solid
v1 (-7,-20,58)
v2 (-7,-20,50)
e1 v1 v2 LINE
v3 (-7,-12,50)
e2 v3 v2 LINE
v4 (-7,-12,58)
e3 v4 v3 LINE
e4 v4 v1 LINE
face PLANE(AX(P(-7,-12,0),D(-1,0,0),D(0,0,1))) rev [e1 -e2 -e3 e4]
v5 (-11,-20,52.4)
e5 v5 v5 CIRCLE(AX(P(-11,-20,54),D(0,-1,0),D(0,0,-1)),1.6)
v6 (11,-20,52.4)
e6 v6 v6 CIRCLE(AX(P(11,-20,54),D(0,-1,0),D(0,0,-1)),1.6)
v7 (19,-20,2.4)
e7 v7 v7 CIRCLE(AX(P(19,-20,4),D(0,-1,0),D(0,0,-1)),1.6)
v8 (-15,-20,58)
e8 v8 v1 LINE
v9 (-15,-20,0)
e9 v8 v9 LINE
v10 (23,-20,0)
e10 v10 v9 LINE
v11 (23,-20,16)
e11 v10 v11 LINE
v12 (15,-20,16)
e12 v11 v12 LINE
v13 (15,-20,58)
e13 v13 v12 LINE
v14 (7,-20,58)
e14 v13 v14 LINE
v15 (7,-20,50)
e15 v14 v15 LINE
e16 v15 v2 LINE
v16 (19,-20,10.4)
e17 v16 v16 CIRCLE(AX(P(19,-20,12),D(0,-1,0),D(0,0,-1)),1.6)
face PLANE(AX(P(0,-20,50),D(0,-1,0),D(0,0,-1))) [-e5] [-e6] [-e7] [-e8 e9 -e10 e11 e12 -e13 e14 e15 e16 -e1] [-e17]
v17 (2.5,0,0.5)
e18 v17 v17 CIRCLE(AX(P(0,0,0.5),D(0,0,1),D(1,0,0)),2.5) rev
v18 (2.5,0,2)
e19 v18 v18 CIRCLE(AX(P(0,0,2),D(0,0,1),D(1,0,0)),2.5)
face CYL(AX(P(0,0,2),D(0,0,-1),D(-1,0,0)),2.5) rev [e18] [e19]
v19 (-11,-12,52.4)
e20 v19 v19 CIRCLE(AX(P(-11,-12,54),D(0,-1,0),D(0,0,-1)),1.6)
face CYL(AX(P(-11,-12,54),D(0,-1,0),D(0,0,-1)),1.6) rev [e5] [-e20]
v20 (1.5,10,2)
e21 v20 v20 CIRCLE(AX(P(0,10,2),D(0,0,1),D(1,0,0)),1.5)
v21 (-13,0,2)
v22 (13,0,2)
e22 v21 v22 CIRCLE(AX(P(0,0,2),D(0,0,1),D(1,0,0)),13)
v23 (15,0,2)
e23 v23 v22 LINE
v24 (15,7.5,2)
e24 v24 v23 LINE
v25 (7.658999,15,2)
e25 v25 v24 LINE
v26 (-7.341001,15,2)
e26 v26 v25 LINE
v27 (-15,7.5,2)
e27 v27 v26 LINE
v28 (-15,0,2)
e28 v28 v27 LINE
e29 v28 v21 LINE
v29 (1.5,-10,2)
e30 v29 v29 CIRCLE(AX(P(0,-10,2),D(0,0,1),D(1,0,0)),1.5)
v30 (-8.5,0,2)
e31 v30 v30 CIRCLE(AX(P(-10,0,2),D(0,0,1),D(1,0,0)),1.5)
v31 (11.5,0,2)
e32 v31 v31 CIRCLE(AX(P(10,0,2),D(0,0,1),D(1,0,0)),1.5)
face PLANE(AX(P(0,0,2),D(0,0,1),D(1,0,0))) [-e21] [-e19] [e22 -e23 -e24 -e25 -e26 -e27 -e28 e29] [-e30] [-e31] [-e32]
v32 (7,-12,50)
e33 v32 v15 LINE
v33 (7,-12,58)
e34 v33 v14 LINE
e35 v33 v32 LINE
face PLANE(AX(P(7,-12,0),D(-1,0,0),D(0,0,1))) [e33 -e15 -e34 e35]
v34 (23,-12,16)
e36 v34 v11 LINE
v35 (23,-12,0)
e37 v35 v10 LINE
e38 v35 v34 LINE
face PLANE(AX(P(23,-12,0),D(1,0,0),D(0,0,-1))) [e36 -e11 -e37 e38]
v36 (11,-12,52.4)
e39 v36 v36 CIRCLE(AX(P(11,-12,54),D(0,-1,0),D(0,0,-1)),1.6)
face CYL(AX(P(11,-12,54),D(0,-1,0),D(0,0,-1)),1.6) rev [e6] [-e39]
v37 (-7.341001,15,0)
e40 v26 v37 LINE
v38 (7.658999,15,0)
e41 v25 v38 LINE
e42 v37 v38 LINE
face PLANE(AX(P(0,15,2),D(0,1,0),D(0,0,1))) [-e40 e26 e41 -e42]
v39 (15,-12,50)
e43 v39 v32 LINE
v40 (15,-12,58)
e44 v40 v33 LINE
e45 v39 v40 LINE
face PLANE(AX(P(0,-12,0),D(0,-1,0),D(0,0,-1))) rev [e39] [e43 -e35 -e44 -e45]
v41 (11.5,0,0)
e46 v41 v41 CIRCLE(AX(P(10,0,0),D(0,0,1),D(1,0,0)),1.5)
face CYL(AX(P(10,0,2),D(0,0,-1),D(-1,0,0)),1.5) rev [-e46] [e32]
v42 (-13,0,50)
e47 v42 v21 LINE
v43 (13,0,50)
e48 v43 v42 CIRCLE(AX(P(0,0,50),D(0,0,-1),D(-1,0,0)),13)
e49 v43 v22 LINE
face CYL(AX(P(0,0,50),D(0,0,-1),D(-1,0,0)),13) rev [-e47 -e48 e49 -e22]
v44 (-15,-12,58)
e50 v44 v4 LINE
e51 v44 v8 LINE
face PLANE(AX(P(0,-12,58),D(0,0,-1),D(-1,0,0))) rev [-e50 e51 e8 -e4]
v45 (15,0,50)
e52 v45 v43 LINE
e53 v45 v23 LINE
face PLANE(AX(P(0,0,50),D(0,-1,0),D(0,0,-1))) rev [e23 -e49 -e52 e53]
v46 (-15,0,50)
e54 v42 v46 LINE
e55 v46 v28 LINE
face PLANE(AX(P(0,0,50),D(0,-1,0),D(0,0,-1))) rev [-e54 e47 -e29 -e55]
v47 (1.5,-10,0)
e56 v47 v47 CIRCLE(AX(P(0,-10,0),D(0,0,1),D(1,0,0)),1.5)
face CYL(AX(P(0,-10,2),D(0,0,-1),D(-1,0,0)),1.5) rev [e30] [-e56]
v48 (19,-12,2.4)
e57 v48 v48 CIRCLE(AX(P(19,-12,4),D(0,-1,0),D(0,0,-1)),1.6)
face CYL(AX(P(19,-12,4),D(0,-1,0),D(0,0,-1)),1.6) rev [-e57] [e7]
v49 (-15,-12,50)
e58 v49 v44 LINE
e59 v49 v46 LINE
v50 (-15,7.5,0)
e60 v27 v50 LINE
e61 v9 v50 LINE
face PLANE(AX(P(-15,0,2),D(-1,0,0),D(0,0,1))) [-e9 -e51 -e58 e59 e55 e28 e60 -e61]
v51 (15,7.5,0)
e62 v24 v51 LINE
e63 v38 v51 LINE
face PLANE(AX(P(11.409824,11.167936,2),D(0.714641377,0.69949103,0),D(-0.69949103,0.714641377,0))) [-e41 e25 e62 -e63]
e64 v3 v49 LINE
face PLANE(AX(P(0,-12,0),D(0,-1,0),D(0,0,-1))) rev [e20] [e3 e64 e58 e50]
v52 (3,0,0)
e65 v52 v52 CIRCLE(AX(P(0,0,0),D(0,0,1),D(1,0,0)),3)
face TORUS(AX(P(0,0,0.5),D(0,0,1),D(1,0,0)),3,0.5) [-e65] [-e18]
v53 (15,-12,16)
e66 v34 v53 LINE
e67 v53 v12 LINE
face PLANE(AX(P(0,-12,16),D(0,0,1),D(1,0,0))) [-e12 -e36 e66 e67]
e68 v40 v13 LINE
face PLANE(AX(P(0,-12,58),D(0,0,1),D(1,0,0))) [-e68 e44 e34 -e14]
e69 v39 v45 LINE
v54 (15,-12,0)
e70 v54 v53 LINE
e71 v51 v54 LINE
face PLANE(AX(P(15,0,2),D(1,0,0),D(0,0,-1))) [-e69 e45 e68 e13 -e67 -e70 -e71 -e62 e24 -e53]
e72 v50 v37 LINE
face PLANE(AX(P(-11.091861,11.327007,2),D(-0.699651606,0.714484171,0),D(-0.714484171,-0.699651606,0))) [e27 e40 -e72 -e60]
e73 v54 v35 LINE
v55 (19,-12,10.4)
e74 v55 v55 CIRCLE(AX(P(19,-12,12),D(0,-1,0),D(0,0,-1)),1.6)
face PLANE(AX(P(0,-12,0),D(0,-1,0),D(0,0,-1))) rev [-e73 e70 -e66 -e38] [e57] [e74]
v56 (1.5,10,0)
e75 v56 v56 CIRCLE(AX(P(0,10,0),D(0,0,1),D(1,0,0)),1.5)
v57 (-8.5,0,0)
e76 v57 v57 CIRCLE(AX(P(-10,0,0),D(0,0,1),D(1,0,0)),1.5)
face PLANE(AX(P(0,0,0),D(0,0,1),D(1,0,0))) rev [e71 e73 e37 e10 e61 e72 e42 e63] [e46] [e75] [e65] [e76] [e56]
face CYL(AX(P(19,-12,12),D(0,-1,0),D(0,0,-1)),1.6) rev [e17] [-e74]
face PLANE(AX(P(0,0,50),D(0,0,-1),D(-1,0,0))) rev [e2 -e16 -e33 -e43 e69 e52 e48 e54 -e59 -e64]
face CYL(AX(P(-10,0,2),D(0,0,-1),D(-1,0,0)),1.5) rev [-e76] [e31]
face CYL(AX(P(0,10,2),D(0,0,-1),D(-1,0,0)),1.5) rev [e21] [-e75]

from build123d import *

# Parameters (mm, degrees)
ESQUISSE1_R        = 1.5
ESQUISSE1_R_2      = 2.5
BOSS_EXTRU_1_DEPTH = 2
BOSS_EXTRU_2_DEPTH = 50
CONG_1_R           = 0.5
ESQUISSE3_W        = 8
ESQUISSE3_H        = 8
ESQUISSE3_R        = 1.6
BOSS_EXTRU_4_DEPTH = 8


with BuildPart() as part:
    # Esquisse1 → Boss.-Extru.1 (new body)
    with BuildSketch(Plane.XY):
        with BuildLine():
            Line((-7.341000528, 15), (-15, 7.5))
            Line((-15, 7.5), (-15, 0))
            Line((-15, 0), (-13, 0))
            ThreePointArc((-13, 0), (0, -13), (13, 0))
            Line((13, 0), (15, 0))
            Line((15, 0), (15, 7.5))
            Line((15, 7.5), (7.658999472, 15))
            Line((7.658999472, 15), (-7.341000528, 15))
        make_face()
        with Locations((0, 10)):
            Circle(ESQUISSE1_R, mode=Mode.SUBTRACT)
        with Locations((-10, 0)):
            Circle(ESQUISSE1_R, mode=Mode.SUBTRACT)
        with Locations((0, -10)):
            Circle(ESQUISSE1_R, mode=Mode.SUBTRACT)
        Circle(ESQUISSE1_R_2, mode=Mode.SUBTRACT)
        with Locations((10, 0)):
            Circle(ESQUISSE1_R, mode=Mode.SUBTRACT)
    extrude(amount=BOSS_EXTRU_1_DEPTH)

    # Esquisse2 → Boss.-Extru.2 (add)
    with BuildSketch(Plane(origin=(0, 0, 0), x_dir=(-1, 0, 0), z_dir=(0, 0, -1))):
        with BuildLine():
            ThreePointArc((13, 0), (9.192388155, -9.192388155), (0, -13))
            Line((0, -13), (0, -15))
            ThreePointArc((0, -15), (10.606601718, -10.606601718), (15, 0))
            Line((15, 0), (13, 0))
        make_face()
        with BuildLine():
            Line((0, -15), (0, -13))
            ThreePointArc((0, -13), (-9.192388155, -9.192388155), (-13, 0))
            Line((-13, 0), (-15, 0))
            ThreePointArc((-15, 0), (-10.606601718, -10.606601718), (0, -15))
        make_face()
        with BuildLine():
            Line((0, -20), (0, -15))
            ThreePointArc((0, -15), (-10.606601718, -10.606601718), (-15, 0))
            Line((-15, 0), (-15, -20))
            Line((-15, -20), (0, -20))
        make_face()
        with BuildLine():
            ThreePointArc((15, 0), (10.606601718, -10.606601718), (0, -15))
            Line((0, -15), (0, -20))
            Line((0, -20), (15, -20))
            Line((15, -20), (15, 0))
        make_face()
    extrude(amount=-BOSS_EXTRU_2_DEPTH)

    # Congé1
    cong_1_edges = [part.edges().sort_by_distance(p)[0] for p in [
        (-2.5, 0, 0),
    ]]
    fillet(cong_1_edges, radius=CONG_1_R)

    # Esquisse3 → Boss.-Extru.4 (add)
    # profile 1 of 4: a face of its own
    with BuildSketch(Plane.XZ.offset(20)):
        with Locations((19, 12)):
            Rectangle(ESQUISSE3_W, ESQUISSE3_H)
        with Locations(Location((19, 12, 0), (0, 0, 270))):
            Circle(ESQUISSE3_R, mode=Mode.SUBTRACT)
    # profile 2 of 4: a face of its own
    with BuildSketch(Plane.XZ.offset(20)):
        with Locations((19, 4)):
            Rectangle(ESQUISSE3_W, ESQUISSE3_H)
        with Locations(Location((19, 4, 0), (0, 0, 270))):
            Circle(ESQUISSE3_R, mode=Mode.SUBTRACT)
    # profile 3 of 4: a face of its own
    with BuildSketch(Plane.XZ.offset(20)):
        with Locations((11, 54)):
            Rectangle(ESQUISSE3_W, ESQUISSE3_H)
        with Locations(Location((11, 54, 0), (0, 0, 270))):
            Circle(ESQUISSE3_R, mode=Mode.SUBTRACT)
    # profile 4 of 4: a face of its own
    with BuildSketch(Plane.XZ.offset(20)):
        with Locations((-11, 54)):
            Rectangle(ESQUISSE3_W, ESQUISSE3_H)
        with Locations(Location((-11, 54, 0), (0, 0, 270))):
            Circle(ESQUISSE3_R, mode=Mode.SUBTRACT)
    extrude(amount=-BOSS_EXTRU_4_DEPTH)


solid = part.part
